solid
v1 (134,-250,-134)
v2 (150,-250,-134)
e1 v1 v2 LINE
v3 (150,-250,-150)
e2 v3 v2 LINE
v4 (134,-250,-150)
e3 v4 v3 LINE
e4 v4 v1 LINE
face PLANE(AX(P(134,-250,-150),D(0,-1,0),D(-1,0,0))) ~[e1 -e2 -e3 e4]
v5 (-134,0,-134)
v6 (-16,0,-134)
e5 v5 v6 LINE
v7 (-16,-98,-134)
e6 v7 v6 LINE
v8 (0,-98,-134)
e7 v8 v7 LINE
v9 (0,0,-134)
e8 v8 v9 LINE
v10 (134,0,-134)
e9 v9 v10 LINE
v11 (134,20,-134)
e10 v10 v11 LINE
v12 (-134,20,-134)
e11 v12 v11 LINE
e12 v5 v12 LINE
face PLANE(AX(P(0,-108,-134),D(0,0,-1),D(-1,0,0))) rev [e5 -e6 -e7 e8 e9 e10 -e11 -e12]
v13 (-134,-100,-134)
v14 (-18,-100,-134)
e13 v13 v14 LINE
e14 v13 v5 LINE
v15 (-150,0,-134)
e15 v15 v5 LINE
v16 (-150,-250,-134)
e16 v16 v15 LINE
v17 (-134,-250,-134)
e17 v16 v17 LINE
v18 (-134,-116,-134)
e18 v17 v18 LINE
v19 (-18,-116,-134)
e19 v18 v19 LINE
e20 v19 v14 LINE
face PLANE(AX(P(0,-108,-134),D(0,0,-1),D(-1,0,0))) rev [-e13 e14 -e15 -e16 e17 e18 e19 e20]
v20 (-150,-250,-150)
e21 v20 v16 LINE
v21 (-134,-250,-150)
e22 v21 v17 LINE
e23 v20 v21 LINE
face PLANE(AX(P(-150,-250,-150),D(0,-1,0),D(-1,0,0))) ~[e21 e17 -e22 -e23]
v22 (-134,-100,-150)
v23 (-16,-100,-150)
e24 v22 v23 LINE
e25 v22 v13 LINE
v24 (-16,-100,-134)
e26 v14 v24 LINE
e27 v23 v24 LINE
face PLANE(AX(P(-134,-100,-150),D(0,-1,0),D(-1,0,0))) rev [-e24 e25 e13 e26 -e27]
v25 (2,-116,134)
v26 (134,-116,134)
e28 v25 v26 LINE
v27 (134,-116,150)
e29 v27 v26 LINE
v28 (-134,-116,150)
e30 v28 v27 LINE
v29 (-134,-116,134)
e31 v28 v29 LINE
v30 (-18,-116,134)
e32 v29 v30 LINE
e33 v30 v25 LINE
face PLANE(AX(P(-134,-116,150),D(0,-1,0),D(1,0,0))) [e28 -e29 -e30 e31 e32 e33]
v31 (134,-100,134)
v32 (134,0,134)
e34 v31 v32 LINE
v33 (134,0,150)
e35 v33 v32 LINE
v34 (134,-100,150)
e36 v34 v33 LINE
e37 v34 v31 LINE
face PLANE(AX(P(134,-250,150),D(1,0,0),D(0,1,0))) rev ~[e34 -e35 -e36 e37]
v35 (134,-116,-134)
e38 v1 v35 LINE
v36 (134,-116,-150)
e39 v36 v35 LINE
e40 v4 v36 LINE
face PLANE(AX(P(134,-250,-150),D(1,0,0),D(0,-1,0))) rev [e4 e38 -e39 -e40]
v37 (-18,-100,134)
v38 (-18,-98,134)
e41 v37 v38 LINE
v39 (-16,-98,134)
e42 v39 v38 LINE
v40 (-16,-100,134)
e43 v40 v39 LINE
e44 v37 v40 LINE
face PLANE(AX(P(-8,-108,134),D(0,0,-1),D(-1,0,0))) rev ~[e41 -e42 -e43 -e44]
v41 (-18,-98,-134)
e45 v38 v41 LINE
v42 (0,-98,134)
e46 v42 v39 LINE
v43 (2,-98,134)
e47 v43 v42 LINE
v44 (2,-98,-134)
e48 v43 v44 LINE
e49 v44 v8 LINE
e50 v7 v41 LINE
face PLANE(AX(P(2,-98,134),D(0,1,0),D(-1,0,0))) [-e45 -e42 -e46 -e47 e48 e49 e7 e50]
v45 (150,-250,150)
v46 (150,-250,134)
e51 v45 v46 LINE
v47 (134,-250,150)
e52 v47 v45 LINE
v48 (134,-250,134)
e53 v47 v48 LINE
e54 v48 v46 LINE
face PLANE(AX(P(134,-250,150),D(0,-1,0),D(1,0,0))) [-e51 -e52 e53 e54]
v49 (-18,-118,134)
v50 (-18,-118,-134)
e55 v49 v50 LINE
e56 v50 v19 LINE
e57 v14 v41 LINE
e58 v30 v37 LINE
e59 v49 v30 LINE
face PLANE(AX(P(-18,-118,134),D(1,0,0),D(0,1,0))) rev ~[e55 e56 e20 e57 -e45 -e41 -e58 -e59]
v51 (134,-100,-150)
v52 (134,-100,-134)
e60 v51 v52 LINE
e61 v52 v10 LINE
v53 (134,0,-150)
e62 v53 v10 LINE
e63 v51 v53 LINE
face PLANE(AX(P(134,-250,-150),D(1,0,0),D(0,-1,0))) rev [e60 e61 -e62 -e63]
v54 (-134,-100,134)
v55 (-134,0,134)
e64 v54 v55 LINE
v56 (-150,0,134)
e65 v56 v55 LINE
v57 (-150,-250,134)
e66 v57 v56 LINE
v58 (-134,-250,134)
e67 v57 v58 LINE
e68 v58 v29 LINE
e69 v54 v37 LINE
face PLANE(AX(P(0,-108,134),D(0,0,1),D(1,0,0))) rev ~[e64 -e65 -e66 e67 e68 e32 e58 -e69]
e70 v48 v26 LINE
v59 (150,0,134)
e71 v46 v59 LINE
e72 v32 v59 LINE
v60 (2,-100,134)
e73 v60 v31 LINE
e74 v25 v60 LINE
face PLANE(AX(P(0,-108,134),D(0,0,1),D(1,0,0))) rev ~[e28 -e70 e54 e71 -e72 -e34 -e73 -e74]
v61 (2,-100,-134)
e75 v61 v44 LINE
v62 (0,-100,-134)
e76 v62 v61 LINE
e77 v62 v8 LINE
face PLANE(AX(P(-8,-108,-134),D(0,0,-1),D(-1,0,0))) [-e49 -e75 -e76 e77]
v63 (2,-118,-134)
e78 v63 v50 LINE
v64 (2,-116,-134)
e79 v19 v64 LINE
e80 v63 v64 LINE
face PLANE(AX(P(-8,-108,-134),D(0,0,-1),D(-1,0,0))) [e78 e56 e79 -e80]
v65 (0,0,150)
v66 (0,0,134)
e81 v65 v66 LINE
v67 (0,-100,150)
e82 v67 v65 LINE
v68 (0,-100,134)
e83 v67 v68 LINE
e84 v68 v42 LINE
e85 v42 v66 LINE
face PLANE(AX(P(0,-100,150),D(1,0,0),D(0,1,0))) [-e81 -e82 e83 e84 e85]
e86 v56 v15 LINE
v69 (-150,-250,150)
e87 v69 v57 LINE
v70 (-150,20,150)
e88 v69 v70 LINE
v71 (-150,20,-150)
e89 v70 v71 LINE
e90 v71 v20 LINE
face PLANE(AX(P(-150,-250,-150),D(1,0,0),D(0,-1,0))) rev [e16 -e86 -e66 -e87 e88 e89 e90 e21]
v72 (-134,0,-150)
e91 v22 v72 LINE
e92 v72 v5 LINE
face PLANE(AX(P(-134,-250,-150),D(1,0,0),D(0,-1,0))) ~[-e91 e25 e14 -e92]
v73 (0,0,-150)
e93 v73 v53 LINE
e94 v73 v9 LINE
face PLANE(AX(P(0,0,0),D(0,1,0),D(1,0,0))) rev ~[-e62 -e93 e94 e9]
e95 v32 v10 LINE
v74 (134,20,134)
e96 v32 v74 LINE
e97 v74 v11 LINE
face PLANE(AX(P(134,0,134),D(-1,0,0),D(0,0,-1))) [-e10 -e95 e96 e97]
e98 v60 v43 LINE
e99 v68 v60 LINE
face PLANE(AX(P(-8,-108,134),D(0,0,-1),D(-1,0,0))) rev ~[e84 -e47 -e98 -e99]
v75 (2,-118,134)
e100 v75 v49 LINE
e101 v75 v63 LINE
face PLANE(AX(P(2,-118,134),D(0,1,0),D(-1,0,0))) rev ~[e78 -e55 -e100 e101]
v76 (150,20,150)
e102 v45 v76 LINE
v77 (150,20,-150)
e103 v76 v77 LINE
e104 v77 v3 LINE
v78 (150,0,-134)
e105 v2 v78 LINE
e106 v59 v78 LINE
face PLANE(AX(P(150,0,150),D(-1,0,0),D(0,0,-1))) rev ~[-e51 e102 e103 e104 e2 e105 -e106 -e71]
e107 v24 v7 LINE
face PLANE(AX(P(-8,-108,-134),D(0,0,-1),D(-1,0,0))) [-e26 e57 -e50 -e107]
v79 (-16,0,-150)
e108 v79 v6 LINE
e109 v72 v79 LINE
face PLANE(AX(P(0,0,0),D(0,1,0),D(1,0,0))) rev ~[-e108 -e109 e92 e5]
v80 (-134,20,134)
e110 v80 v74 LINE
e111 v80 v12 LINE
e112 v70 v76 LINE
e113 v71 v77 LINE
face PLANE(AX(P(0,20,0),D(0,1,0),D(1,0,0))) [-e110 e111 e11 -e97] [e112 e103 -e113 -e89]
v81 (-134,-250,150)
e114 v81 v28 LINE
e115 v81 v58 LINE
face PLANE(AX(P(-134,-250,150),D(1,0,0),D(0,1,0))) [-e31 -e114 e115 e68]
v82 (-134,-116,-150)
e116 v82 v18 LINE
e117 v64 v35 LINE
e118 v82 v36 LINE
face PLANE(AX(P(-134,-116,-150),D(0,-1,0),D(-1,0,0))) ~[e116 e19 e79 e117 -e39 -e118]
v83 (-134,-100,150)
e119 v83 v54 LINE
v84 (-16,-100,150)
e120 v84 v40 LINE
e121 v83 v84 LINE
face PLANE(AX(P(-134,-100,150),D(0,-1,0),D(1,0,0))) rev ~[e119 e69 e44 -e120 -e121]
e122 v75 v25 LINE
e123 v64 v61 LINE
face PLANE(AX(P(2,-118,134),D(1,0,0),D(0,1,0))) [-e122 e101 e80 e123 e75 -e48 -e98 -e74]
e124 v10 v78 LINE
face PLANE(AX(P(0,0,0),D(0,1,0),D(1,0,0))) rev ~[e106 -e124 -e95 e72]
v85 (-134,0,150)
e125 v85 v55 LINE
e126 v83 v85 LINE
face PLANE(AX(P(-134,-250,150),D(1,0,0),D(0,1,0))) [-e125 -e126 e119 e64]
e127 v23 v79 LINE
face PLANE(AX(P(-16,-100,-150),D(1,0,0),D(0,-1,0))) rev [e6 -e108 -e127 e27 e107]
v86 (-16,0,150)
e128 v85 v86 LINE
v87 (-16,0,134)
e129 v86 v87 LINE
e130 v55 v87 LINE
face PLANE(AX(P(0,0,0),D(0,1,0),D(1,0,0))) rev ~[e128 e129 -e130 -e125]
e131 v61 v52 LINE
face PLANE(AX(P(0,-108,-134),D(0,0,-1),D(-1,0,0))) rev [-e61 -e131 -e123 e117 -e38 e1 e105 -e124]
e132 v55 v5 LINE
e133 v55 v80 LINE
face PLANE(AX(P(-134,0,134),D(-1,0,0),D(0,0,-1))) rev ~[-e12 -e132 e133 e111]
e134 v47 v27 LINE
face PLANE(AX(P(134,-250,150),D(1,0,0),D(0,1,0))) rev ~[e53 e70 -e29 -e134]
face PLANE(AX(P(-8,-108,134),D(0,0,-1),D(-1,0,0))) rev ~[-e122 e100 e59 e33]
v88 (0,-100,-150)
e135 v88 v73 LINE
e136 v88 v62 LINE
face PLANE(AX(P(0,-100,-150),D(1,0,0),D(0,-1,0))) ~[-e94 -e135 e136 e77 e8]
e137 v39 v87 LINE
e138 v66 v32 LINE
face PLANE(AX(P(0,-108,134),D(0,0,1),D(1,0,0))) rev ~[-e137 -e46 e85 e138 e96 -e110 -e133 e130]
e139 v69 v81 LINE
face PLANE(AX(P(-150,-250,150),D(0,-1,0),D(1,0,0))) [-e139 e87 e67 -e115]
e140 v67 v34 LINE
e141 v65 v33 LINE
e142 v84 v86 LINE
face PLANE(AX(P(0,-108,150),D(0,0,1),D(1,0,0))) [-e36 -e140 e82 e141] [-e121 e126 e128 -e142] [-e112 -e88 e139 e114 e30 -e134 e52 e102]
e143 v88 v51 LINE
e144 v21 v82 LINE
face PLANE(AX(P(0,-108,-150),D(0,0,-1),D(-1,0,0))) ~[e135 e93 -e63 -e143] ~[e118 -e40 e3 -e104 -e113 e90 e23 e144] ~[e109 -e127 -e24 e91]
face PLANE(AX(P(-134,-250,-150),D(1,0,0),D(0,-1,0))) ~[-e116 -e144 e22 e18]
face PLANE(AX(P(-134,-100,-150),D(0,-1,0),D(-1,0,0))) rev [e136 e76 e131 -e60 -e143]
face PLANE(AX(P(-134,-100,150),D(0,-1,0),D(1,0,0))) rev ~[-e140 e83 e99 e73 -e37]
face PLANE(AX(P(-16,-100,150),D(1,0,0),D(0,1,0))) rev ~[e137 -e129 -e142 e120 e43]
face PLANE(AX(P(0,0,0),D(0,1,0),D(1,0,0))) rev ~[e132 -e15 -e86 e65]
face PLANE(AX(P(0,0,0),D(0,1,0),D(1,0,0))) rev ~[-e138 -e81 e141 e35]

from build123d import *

# Parameters (mm, degrees)
SKETCH1_W           = 300
SKETCH1_H           = 300
SKETCH1_W_2         = 268
SKETCH1_H_2         = 268
BOSS_EXTRUDE1_DEPTH = 20
SKETCH3_W           = 16
SKETCH3_H           = 100
BOSS_EXTRUDE2_DEPTH = 16
SKETCH4_W           = 16
SKETCH4_H           = 250
BOSS_EXTRUDE3_DEPTH = 16
SKETCH5_W           = 268
SKETCH5_H           = 16
BOSS_EXTRUDE4_DEPTH = 16
SKETCH6_W           = 20
SKETCH6_H           = 20
BOSS_EXTRUDE5_DEPTH = 268


with BuildPart() as part:
    # Sketch1 → Boss-Extrude1 (new body)
    with BuildSketch(Plane(origin=(0, 0, 0), x_dir=(1, 0, 0), z_dir=(0, 1, 0))):
        Rectangle(SKETCH1_W, SKETCH1_H)
        Rectangle(SKETCH1_W_2, SKETCH1_H_2, mode=Mode.SUBTRACT)
    extrude(amount=BOSS_EXTRUDE1_DEPTH)

    # Sketch3 → Boss-Extrude2 (add)
    with BuildSketch(Plane.XY.offset(150)):
        with Locations((-8, -50)):
            Rectangle(SKETCH3_W, SKETCH3_H)
    boss_extrude2 = extrude(amount=-BOSS_EXTRUDE2_DEPTH)

    # Sketch4 → Boss-Extrude3 (add)
    with BuildSketch(Plane.XY.offset(150)):
        with Locations((-142, -125)):
            Rectangle(SKETCH4_W, SKETCH4_H)
        with Locations((142, -125)):
            Rectangle(SKETCH4_W, SKETCH4_H)
    boss_extrude3 = extrude(amount=-BOSS_EXTRUDE3_DEPTH)

    # Sketch5 → Boss-Extrude4 (add)
    with BuildSketch(Plane.XY.offset(150)):
        with Locations((0, -108)):
            Rectangle(SKETCH5_W, SKETCH5_H)
    boss_extrude4 = extrude(amount=-BOSS_EXTRUDE4_DEPTH)

    # Mirror1: Boss-Extrude2, Boss-Extrude3, Boss-Extrude4 across plane
    add(boss_extrude2.mirror(Plane.XY))
    add(boss_extrude3.mirror(Plane.XY))
    add(boss_extrude4.mirror(Plane.XY))

    # Sketch6 → Boss-Extrude5 (add)
    with BuildSketch(Plane(origin=(0, 0, 134), x_dir=(-1, 0, 0), z_dir=(0, 0, -1))):
        with Locations((8, -108)):
            Rectangle(SKETCH6_W, SKETCH6_H)
    extrude(amount=BOSS_EXTRUDE5_DEPTH)


solid = part.part
